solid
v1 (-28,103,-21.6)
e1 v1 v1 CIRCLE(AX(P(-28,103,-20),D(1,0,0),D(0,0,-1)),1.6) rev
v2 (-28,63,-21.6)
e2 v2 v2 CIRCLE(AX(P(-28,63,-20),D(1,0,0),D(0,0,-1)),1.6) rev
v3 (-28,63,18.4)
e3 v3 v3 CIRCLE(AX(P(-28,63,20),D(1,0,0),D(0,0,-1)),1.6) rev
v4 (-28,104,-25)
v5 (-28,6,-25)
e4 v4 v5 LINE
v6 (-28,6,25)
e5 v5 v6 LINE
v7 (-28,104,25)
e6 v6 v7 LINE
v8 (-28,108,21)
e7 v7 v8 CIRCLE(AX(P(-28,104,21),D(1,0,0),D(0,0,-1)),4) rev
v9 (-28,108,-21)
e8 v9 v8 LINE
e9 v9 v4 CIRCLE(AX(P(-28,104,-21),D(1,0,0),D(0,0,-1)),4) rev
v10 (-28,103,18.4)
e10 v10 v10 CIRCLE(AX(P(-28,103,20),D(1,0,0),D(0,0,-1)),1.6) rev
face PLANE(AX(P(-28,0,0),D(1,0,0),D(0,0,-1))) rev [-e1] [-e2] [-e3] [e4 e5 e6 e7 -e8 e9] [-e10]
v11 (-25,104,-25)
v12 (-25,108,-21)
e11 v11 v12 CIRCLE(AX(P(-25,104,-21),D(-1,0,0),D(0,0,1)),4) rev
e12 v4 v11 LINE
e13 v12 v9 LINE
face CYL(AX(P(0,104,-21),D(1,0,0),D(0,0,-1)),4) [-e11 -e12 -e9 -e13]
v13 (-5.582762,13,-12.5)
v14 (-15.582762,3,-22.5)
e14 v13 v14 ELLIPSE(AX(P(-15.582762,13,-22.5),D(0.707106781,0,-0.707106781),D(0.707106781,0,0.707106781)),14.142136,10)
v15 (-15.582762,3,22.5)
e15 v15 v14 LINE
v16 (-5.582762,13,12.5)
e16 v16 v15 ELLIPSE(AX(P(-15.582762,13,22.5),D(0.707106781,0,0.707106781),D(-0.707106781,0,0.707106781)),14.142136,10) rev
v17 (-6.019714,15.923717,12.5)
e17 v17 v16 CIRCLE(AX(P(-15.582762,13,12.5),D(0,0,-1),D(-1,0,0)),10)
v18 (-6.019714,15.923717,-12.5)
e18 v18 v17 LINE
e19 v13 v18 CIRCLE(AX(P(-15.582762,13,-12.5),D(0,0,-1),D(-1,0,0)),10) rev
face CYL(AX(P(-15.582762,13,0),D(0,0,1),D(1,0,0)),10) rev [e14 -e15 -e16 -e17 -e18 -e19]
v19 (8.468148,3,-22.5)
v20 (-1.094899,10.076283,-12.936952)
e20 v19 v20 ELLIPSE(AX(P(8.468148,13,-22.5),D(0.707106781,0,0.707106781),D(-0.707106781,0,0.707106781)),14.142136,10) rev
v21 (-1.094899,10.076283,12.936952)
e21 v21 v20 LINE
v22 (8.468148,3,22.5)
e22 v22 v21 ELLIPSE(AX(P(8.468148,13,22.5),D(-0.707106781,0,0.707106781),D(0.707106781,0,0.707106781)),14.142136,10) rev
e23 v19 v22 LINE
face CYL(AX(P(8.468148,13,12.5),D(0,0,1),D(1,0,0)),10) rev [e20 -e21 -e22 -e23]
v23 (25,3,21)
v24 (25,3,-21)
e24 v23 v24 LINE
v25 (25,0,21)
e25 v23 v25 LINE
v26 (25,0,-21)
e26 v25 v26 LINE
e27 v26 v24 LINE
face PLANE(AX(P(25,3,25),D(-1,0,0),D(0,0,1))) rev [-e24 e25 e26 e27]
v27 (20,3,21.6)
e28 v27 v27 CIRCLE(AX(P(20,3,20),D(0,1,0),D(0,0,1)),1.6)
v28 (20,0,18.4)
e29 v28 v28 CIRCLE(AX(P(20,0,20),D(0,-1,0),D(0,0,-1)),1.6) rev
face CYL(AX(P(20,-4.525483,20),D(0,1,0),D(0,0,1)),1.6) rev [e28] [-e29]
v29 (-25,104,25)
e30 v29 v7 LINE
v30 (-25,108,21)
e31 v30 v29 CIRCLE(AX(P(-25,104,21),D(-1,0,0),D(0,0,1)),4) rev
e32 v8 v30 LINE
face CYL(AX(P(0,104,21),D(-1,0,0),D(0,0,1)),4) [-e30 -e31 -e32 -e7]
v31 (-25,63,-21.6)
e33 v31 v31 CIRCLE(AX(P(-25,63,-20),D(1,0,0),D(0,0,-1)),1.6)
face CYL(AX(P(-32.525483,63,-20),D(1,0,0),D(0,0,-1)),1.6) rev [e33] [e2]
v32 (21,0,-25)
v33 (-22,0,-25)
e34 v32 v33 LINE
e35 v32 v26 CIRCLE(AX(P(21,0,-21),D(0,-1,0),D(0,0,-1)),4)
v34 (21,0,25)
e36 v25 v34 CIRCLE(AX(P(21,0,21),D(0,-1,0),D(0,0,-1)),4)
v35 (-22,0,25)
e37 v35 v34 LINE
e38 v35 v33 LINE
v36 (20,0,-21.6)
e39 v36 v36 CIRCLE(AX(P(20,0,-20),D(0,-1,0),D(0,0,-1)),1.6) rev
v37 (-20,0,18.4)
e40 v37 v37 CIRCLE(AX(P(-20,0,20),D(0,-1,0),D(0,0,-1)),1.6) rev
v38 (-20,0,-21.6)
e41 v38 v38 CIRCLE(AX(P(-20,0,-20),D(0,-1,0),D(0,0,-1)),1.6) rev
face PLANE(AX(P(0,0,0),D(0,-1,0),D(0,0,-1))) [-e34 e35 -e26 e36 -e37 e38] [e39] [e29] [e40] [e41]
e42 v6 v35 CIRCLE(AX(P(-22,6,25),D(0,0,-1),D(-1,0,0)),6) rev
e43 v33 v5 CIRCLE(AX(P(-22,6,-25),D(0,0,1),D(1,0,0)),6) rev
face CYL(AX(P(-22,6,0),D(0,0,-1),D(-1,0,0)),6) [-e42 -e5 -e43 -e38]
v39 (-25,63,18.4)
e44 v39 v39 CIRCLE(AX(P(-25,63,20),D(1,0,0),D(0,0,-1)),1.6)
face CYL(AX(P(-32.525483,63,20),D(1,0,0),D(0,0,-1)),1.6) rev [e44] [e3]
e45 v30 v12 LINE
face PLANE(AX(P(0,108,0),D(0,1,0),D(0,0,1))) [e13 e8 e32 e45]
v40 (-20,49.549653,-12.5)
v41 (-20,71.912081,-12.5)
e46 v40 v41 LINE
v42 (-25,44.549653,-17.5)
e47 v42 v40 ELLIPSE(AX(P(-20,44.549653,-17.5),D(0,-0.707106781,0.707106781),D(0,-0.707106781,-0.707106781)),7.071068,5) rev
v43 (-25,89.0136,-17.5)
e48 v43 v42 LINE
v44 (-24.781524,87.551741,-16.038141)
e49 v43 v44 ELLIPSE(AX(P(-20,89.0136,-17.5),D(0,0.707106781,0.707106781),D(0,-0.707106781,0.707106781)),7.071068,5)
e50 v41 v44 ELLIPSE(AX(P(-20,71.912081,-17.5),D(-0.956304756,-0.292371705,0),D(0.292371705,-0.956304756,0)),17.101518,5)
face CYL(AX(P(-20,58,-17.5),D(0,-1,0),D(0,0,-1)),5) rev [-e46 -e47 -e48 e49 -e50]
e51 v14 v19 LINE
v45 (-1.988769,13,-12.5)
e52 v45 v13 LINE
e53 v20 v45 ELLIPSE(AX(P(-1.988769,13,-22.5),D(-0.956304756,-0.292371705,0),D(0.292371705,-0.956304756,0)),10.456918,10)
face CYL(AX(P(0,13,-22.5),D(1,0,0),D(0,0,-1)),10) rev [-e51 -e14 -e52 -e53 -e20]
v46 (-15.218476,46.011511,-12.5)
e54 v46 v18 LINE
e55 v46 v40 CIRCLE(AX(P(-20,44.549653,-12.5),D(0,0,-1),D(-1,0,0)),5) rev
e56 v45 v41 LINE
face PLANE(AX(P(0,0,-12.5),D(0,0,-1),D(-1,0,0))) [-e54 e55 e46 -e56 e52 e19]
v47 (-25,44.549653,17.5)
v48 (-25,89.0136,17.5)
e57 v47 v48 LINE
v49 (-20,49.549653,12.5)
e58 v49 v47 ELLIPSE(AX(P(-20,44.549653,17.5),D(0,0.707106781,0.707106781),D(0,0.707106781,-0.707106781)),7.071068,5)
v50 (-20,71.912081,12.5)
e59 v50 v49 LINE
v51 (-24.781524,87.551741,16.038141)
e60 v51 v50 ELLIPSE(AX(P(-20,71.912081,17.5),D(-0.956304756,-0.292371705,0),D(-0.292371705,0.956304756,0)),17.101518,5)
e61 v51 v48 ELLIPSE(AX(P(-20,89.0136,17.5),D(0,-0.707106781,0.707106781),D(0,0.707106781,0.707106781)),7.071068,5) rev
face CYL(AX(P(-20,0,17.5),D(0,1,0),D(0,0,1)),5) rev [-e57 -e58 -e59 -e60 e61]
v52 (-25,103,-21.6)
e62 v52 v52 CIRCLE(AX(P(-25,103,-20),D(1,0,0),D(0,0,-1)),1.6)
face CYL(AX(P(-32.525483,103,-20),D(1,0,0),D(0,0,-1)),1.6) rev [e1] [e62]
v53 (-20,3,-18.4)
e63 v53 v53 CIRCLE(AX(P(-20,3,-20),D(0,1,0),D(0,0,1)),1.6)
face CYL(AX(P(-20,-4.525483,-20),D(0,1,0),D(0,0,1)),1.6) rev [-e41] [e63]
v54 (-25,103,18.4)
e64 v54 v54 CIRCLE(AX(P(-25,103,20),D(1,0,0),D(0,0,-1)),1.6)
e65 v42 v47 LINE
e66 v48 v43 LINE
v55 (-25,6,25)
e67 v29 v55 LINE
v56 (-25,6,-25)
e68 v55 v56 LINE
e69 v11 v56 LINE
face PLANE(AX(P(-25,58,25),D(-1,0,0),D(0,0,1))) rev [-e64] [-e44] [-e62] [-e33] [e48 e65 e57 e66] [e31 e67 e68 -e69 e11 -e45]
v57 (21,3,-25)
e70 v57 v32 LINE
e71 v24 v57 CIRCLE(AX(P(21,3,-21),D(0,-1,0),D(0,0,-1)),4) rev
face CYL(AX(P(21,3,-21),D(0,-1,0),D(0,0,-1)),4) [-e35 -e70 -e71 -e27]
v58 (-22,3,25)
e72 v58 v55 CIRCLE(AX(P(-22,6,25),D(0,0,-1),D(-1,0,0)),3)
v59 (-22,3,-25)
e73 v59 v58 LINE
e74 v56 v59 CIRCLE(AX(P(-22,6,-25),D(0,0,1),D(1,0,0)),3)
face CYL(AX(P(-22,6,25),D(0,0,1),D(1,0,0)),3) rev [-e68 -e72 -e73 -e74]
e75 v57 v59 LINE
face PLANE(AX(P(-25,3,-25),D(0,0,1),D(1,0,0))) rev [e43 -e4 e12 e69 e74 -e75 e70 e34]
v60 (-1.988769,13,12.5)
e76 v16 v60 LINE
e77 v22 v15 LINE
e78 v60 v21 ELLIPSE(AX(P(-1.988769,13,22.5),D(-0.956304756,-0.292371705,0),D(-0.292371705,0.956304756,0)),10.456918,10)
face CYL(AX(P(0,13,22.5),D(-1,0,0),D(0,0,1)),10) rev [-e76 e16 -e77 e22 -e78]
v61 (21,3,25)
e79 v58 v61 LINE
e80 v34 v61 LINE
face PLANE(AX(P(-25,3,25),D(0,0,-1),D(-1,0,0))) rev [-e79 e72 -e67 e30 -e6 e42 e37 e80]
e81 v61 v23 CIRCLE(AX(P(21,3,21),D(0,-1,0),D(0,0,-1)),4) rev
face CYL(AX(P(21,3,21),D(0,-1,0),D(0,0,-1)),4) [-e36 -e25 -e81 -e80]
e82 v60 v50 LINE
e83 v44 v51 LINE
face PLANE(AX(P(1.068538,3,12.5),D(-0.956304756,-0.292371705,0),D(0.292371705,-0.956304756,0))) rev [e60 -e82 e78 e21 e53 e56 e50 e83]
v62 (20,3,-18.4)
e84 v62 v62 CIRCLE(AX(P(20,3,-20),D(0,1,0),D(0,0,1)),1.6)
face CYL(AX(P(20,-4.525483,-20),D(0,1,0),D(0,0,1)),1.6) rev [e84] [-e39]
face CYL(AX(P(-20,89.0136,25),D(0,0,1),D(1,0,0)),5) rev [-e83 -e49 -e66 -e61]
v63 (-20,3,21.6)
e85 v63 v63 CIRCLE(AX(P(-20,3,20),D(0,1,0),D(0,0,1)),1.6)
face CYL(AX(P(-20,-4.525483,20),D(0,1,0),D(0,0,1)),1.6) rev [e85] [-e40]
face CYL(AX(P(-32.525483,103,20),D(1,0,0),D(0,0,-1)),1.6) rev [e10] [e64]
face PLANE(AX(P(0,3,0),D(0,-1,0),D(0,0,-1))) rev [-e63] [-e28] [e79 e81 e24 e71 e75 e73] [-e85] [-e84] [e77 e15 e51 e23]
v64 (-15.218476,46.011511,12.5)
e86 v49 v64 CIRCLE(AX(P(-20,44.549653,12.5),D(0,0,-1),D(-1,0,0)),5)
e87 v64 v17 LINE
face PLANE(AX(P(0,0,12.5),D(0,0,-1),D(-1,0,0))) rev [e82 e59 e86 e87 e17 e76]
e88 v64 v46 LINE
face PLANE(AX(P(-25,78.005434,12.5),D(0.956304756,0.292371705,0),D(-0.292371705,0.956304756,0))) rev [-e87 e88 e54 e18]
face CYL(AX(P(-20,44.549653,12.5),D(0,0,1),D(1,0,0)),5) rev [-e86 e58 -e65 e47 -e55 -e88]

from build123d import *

# Parameters (mm, degrees)
SKETCH2_W           = 50
SKETCH2_H           = 50
BOSS_EXTRUDE1_DEPTH = 3
SKETCH3_R           = 1.6
CUT_EXTRUDE1_DEPTH  = 3
FILLET1_R           = 4
SKETCH4_W           = 50
SKETCH4_H           = 3
BOSS_EXTRUDE2_DEPTH = 3
SKETCH5_W           = 3
SKETCH5_H           = 50
BOSS_EXTRUDE3_DEPTH = 55
SKETCH6_W           = 3
SKETCH6_H           = 50
BOSS_EXTRUDE4_DEPTH = 50
SKETCH7_R           = 1.6
CUT_EXTRUDE2_DEPTH  = 3
FILLET2_R           = 4
FILLET3_R           = 3
FILLET4_R           = 6
BOSS_EXTRUDE5_DEPTH = 12.5
FILLET5_R           = 5
FILLET6_R           = 10


with BuildPart() as part:
    # Sketch2 → Boss-Extrude1 (new body)
    with BuildSketch(Plane(origin=(0, 0, 0), x_dir=(1, 0, 0), z_dir=(0, 1, 0))):
        Rectangle(SKETCH2_W, SKETCH2_H)
    extrude(amount=BOSS_EXTRUDE1_DEPTH)

    # Sketch3 → Cut-Extrude1 (cut)
    with BuildSketch(Plane(origin=(0, 3, 0), x_dir=(1, 0, 0), z_dir=(0, 1, 0))):
        with Locations(Location((-20, 20, 0), (0, 0, 270))):
            Circle(SKETCH3_R)
        with Locations(Location((20, 20, 0), (0, 0, 270))):
            Circle(SKETCH3_R)
        with Locations(Location((-20, -20, 0), (0, 0, 270))):
            Circle(SKETCH3_R)
        with Locations(Location((20, -20, 0), (0, 0, 270))):
            Circle(SKETCH3_R)
    extrude(amount=-CUT_EXTRUDE1_DEPTH, mode=Mode.SUBTRACT)

    # Fillet1
    fillet1_edges = [part.edges().sort_by_distance(p)[0] for p in [
        (25, 1.5, 25),
        (25, 1.5, -25),
    ]]
    fillet(fillet1_edges, radius=FILLET1_R)

    # Sketch4 → Boss-Extrude2 (add)
    with BuildSketch(Plane.ZY.offset(25)):
        with Locations((0, 1.5)):
            Rectangle(SKETCH4_W, SKETCH4_H)
    extrude(amount=BOSS_EXTRUDE2_DEPTH)

    # Sketch5 → Boss-Extrude3 (add)
    with BuildSketch(Plane(origin=(0, 3, 0), x_dir=(1, 0, 0), z_dir=(0, 1, 0))):
        with Locations((-26.5, 0)):
            Rectangle(SKETCH5_W, SKETCH5_H)
    extrude(amount=BOSS_EXTRUDE3_DEPTH)

    # Sketch6 → Boss-Extrude4 (add)
    with BuildSketch(Plane(origin=(0, 58, 0), x_dir=(1, 0, 0), z_dir=(0, 1, 0))):
        with Locations((-26.5, 0)):
            Rectangle(SKETCH6_W, SKETCH6_H)
    extrude(amount=BOSS_EXTRUDE4_DEPTH)

    # Sketch7 → Cut-Extrude2 (cut)
    with BuildSketch(Plane(origin=(-25, 0, 0), x_dir=(0, 0, -1), z_dir=(1, 0, 0))):
        with Locations((-20, 63)):
            Circle(SKETCH7_R)
        with Locations((-20, 103)):
            Circle(SKETCH7_R)
        with Locations((20, 103)):
            Circle(SKETCH7_R)
        with Locations((20, 63)):
            Circle(SKETCH7_R)
    extrude(amount=-CUT_EXTRUDE2_DEPTH, mode=Mode.SUBTRACT)

    # Fillet2
    fillet2_edges = [part.edges().sort_by_distance(p)[0] for p in [
        (-26.5, 108, 25),
        (-26.5, 108, -25),
    ]]
    fillet(fillet2_edges, radius=FILLET2_R)

    # Fillet3
    fillet3_edges = [part.edges().sort_by_distance(p)[0] for p in [
        (-25, 3, 0),
    ]]
    fillet(fillet3_edges, radius=FILLET3_R)

    # Fillet4
    fillet4_edges = [part.edges().sort_by_distance(p)[0] for p in [
        (-28, 0, 0),
    ]]
    fillet(fillet4_edges, radius=FILLET4_R)

    # Sketch8 → Boss-Extrude5 (add, symmetric)
    with BuildSketch(Plane.XY):
        Polygon((-2.068537635, 3), (1.068537635, 3), (-25, 88.266344583), (-25, 78.005433723), align=None)
    extrude(amount=BOSS_EXTRUDE5_DEPTH, both=True)

    # Fillet5
    fillet5_edges = [part.edges().sort_by_distance(p)[0] for p in [
        (-25, 83.135889153, -12.5),
        (-25, 88.266344583, 0),
        (-25, 78.005433723, 0),
        (-25, 83.135889153, 12.5),
    ]]
    fillet(fillet5_edges, radius=FILLET5_R)

    # Fillet6
    fillet6_edges = [part.edges().sort_by_distance(p)[0] for p in [
        (1.068537635, 3, 0),
        (-0.5, 3, -12.5),
        (-2.068537635, 3, 0),
        (-0.5, 3, 12.5),
    ]]
    fillet(fillet6_edges, radius=FILLET6_R)


solid = part.part
